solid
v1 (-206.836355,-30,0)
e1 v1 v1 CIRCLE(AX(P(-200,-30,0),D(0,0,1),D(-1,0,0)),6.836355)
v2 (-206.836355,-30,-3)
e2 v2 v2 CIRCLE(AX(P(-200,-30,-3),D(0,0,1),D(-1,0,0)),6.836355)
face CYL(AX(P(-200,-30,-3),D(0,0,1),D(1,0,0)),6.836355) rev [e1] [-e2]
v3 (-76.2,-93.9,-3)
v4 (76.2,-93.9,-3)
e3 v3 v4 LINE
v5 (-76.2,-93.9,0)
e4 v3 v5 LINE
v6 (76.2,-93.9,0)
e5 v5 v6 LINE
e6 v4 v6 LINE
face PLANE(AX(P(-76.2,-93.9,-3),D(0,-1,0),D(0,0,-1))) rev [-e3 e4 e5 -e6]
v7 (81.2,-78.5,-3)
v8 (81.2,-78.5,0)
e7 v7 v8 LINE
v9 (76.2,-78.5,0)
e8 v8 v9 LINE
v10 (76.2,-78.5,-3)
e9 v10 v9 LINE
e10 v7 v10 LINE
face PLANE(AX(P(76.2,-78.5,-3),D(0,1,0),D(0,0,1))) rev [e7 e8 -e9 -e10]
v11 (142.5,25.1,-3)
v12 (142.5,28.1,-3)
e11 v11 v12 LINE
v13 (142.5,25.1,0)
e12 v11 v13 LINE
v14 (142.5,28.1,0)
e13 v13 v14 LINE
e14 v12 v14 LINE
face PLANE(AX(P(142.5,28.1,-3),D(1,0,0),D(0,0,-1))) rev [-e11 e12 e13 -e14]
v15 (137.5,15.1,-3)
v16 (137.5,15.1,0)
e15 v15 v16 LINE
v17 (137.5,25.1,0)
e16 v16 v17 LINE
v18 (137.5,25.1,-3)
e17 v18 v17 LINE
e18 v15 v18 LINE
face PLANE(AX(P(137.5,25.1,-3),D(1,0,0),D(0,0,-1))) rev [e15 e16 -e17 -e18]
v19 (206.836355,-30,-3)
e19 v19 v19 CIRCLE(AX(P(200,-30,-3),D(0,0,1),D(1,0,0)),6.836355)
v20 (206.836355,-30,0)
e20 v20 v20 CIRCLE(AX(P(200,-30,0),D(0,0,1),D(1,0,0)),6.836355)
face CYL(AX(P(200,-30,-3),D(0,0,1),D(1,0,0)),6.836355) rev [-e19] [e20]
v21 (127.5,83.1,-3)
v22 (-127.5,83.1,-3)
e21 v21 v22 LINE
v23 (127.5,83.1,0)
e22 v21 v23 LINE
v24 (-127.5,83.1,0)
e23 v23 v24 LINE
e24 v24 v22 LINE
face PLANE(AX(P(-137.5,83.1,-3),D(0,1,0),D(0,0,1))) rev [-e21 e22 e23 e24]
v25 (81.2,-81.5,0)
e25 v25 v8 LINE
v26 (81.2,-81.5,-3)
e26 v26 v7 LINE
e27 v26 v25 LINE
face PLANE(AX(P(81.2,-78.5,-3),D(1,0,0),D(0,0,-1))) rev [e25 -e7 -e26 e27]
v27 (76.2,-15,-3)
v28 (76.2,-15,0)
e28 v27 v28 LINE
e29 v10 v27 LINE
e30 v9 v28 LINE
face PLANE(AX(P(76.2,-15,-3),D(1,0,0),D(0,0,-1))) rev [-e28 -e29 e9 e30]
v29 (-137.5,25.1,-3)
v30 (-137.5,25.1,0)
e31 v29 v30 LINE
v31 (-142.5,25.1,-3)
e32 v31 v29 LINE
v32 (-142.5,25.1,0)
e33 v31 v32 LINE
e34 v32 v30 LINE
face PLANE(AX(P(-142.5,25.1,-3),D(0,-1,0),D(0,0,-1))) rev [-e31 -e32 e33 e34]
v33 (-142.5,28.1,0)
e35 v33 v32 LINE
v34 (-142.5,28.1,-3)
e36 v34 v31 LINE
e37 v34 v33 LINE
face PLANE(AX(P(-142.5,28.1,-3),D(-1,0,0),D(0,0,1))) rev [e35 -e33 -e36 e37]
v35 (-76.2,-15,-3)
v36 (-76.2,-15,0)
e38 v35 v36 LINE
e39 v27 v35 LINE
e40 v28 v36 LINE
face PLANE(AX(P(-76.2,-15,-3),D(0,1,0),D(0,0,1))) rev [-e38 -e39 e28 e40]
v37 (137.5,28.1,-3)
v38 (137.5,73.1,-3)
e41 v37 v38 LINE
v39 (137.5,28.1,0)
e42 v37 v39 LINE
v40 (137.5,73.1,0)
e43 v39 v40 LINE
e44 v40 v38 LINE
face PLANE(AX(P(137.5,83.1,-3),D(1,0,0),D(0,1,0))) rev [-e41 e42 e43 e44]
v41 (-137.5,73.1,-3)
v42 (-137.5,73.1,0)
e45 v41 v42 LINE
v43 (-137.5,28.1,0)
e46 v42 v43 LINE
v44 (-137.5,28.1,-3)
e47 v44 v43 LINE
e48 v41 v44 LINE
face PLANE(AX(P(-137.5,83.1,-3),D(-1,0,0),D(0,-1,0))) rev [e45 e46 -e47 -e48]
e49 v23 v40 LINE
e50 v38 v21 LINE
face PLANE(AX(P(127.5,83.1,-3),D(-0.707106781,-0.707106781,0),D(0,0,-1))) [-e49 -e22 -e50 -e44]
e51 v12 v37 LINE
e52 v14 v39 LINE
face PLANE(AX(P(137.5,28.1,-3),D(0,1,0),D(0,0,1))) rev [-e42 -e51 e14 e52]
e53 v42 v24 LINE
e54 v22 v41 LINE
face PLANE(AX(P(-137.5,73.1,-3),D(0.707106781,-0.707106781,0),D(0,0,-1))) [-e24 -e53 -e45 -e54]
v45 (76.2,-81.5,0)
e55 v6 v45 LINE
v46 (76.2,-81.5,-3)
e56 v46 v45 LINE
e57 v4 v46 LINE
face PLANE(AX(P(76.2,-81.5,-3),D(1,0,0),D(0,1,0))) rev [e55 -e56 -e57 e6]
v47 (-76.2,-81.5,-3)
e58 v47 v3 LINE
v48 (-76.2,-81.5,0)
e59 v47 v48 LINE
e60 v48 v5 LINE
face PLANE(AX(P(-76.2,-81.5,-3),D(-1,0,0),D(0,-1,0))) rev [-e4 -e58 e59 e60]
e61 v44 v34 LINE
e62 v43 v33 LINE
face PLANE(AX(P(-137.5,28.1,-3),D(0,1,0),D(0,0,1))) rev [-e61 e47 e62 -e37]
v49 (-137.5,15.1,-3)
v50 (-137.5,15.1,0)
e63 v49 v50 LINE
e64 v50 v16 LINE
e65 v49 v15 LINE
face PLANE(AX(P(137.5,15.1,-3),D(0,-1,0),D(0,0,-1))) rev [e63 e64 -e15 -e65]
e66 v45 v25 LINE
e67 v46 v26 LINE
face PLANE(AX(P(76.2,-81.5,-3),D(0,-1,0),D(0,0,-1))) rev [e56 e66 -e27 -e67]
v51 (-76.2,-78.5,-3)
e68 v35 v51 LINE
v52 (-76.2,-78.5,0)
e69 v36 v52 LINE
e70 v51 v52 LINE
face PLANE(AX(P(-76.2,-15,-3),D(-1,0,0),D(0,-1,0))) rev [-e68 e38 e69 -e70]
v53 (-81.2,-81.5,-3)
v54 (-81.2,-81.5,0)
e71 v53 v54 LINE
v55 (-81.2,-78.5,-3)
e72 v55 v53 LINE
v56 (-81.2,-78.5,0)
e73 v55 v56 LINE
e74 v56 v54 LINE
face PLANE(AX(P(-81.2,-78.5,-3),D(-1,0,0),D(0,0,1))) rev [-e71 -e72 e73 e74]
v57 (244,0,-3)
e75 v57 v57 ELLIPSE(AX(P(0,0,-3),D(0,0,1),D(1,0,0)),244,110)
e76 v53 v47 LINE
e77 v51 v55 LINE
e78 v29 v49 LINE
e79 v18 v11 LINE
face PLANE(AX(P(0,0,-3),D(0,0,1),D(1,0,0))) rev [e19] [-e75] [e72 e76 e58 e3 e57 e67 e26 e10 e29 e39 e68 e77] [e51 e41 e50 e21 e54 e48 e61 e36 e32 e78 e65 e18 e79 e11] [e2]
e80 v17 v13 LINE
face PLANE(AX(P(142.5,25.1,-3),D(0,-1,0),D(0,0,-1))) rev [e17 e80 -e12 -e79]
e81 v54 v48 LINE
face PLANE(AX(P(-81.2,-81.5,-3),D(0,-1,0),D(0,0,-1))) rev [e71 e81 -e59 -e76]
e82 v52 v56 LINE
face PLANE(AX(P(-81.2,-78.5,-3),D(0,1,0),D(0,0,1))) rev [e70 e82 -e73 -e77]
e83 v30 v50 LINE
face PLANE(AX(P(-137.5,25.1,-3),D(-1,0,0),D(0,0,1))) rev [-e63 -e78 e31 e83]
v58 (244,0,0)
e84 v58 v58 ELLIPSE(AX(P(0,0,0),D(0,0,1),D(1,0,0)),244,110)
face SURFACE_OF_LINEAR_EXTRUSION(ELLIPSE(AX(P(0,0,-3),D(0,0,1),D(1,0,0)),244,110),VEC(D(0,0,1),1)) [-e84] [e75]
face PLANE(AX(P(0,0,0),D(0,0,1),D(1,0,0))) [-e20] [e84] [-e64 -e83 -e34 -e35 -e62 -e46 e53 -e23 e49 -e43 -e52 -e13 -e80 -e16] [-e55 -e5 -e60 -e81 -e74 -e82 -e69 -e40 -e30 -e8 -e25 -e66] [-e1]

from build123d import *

# Parameters (mm, degrees)
SKETCH1_RX          = 244
SKETCH1_RY          = 110
BOSS_EXTRUDE1_DEPTH = 3
CUT_EXTRUDE5_DEPTH  = 4
CUT_EXTRUDE7_DEPTH  = 4
SKETCH12_R          = 6.83635542
CUT_EXTRUDE8_DEPTH  = 4
CHAMFER1_SIZE       = 10


with BuildPart() as part:
    # Sketch1 → Boss-Extrude1 (new body)
    with BuildSketch(Plane.XY):
        with Locations((0, 0)):
            Ellipse(SKETCH1_RX, SKETCH1_RY)
    extrude(amount=-BOSS_EXTRUDE1_DEPTH)

    # Sketch10 → Cut-Extrude5 (cut, through all)
    with BuildSketch(Plane.XY):
        Polygon((-137.5, 83.1), (137.5, 83.1), (137.5, 28.1), (142.5, 28.1), (142.5, 25.1), (137.5, 25.1), (137.5, 15.1), (-137.5, 15.1), (-137.5, 25.1), (-142.5, 25.1), (-142.5, 28.1), (-137.5, 28.1), align=None)
    extrude(amount=-CUT_EXTRUDE5_DEPTH, mode=Mode.SUBTRACT)

    # Sketch13 → Cut-Extrude7 (cut, through all)
    with BuildSketch(Plane.XY):
        Polygon((76.2, -81.5), (76.2, -93.9), (-76.2, -93.9), (-76.2, -81.5), (-81.2, -81.5), (-81.2, -78.5), (-76.2, -78.5), (-76.2, -15), (76.2, -15), (76.2, -78.5), (81.2, -78.5), (81.2, -81.5), align=None)
    extrude(amount=-CUT_EXTRUDE7_DEPTH, mode=Mode.SUBTRACT)

    # Sketch12 → Cut-Extrude8 (cut, through all)
    with BuildSketch(Plane.XY):
        with Locations((200, -30)):
            Circle(SKETCH12_R)
        with Locations((-200, -30)):
            Circle(SKETCH12_R)
    extrude(amount=-CUT_EXTRUDE8_DEPTH, mode=Mode.SUBTRACT)

    # Chamfer1
    chamfer1_edges = [part.edges().sort_by_distance(p)[0] for p in [
        (-137.5, 83.1, -1.5),
        (137.5, 83.1, -1.5),
    ]]
    chamfer(chamfer1_edges, length=CHAMFER1_SIZE)


solid = part.part
